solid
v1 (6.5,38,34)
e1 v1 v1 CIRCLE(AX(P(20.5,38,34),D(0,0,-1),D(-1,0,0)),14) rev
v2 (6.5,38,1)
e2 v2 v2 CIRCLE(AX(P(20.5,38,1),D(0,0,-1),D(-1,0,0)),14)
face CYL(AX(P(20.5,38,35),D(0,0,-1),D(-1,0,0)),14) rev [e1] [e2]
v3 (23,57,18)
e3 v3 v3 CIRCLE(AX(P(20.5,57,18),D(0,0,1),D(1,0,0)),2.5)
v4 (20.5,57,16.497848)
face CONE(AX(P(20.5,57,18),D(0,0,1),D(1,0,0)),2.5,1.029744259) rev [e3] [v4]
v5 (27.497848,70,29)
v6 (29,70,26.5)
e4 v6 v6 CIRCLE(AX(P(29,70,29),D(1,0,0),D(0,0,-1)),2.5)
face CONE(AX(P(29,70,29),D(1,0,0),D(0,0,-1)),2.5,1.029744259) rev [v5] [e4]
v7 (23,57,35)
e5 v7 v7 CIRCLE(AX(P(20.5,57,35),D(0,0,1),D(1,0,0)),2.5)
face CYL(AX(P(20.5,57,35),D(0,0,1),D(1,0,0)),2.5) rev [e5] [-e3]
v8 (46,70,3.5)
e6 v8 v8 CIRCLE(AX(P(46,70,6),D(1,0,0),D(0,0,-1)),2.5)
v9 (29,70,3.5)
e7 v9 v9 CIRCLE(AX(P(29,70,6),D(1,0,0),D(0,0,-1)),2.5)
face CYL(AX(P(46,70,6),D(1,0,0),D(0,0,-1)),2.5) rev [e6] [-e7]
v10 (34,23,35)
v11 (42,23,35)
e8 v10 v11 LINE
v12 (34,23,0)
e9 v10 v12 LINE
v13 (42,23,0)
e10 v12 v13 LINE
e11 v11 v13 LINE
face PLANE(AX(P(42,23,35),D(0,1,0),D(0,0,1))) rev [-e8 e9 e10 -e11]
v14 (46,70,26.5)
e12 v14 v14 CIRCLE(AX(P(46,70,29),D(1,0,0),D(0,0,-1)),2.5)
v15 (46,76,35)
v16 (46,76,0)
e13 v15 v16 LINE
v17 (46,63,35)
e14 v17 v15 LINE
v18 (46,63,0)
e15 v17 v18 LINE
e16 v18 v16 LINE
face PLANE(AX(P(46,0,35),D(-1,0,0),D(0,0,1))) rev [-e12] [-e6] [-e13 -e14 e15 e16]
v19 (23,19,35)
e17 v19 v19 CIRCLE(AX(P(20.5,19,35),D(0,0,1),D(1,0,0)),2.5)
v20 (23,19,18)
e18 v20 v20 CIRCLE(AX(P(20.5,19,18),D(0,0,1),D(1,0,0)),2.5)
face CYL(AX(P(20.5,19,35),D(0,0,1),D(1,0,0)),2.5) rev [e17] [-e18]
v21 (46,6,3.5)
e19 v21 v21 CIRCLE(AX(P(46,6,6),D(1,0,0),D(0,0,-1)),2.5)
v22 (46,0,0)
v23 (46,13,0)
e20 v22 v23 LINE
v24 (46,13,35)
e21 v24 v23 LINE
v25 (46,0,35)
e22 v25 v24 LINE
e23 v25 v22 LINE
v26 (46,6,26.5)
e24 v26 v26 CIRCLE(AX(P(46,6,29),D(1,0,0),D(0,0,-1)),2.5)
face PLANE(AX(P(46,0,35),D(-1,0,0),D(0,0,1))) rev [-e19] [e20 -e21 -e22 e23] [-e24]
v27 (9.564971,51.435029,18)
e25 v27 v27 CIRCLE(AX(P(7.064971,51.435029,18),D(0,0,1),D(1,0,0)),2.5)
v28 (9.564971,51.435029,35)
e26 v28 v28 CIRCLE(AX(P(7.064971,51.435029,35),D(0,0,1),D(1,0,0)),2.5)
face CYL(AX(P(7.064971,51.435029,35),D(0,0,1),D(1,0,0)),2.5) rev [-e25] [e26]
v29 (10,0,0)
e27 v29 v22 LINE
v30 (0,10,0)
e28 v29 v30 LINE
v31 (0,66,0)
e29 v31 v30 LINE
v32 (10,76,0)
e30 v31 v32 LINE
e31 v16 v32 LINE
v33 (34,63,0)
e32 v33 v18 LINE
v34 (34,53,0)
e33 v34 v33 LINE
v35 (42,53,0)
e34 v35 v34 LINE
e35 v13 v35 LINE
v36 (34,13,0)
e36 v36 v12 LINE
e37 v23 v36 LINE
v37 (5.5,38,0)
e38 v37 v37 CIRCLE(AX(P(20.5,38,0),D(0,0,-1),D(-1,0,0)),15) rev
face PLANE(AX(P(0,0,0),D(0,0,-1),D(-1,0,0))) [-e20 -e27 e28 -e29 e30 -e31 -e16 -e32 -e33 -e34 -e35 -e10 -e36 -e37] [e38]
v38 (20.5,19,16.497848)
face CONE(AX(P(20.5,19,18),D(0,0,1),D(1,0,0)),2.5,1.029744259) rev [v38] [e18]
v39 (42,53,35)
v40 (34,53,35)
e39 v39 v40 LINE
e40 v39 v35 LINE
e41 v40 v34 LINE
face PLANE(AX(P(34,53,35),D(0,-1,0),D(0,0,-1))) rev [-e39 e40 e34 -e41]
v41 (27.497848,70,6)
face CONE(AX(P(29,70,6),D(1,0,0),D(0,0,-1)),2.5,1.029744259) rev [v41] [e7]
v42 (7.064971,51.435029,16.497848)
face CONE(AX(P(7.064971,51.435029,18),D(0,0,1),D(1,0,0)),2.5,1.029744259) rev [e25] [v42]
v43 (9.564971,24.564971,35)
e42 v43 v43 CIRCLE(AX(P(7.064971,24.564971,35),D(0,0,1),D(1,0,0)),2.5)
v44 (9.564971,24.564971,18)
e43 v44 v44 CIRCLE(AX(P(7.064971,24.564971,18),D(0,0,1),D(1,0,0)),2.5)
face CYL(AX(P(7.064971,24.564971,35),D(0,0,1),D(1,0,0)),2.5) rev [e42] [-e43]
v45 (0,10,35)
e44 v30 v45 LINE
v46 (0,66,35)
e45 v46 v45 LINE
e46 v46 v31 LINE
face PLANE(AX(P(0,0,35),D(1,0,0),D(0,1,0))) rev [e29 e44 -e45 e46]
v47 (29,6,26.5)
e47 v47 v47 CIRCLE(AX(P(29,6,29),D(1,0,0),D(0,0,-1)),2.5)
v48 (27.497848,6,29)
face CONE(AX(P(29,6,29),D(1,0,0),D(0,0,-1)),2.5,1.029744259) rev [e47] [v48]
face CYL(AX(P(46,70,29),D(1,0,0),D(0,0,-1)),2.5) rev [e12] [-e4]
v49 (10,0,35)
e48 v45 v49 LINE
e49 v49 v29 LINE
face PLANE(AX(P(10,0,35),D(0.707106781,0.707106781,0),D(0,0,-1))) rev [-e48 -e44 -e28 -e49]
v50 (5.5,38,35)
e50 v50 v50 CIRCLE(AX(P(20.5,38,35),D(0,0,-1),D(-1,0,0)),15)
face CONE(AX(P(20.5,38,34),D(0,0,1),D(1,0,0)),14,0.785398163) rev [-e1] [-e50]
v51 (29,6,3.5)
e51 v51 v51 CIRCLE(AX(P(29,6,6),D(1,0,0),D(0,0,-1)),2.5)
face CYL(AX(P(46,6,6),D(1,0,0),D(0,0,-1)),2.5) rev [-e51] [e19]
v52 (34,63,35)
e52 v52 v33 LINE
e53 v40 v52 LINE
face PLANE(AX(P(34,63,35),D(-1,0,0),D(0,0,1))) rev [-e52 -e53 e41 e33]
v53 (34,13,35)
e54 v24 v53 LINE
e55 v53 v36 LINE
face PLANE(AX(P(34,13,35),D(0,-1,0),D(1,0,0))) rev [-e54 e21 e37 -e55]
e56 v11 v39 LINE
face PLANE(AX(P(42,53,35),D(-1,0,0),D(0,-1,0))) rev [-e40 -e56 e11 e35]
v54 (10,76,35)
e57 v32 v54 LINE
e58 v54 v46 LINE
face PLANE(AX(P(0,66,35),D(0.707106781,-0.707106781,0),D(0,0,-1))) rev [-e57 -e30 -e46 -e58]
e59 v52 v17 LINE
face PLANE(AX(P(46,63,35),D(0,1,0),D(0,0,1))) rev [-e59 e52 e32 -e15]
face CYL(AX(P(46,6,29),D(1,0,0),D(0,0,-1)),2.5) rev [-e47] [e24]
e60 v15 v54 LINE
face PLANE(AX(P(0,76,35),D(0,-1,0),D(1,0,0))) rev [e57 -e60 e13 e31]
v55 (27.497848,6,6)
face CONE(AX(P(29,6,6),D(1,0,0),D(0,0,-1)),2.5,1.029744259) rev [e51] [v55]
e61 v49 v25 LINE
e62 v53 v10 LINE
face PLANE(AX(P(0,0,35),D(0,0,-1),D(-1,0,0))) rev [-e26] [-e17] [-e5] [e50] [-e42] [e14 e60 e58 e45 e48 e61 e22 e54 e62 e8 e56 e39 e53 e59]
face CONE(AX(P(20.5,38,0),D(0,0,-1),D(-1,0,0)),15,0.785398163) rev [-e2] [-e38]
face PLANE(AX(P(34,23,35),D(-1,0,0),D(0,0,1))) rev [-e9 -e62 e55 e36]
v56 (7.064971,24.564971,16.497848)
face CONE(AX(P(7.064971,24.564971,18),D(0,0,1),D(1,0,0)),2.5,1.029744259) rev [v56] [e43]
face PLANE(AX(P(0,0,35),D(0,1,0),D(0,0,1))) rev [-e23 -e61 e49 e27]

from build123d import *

# Parameters (mm, degrees)
SZKIC1_W                       = 46
SZKIC1_H                       = 76
SZKIC1_R                       = 14
DODANIE_WYCI_GNI_CIE1_DEPTH    = 35
SFAZOWANIE1_SIZE               = 1
OTW_R_GWINTOWANY_M6X1_01_D     = 5
OTW_R_GWINTOWANY_M6X1_01_DEPTH = 17
OTW_R_GWINTOWANY_M6X1_01_TIP   = 1.502151548
OTW_R_GWINTOWANY_M6X1_03_D     = 5
OTW_R_GWINTOWANY_M6X1_03_DEPTH = 17
OTW_R_GWINTOWANY_M6X1_03_TIP   = 1.502151548
SFAZOWANIE2_SIZE               = 10
WYTNIJ_WYCI_GNI_CIE1_DEPTH     = 96.482982777


with BuildPart() as part:
    # Szkic1 → Dodanie-wyciągnięcie1 (new body)
    with BuildSketch(Plane.XY):
        with Locations((23, 38)):
            Rectangle(SZKIC1_W, SZKIC1_H)
        with Locations((20.5, 38)):
            Circle(SZKIC1_R, mode=Mode.SUBTRACT)
    extrude(amount=DODANIE_WYCI_GNI_CIE1_DEPTH)

    # Sfazowanie1
    sfazowanie1_edges = [part.edges().sort_by_distance(p)[0] for p in [
        (6.5, 38, 0),
        (6.5, 38, 35),
    ]]
    chamfer(sfazowanie1_edges, length=SFAZOWANIE1_SIZE)

    # Otwór gwintowany M6x1.01
    with Locations(Plane.XY.offset(35)):
        with Locations((20.5, 57), (7.064971157, 51.435028843), (7.064971157, 24.564971157), (20.5, 19)):
            Hole(OTW_R_GWINTOWANY_M6X1_01_D / 2, depth=OTW_R_GWINTOWANY_M6X1_01_DEPTH)
            with Locations((0, 0, -(OTW_R_GWINTOWANY_M6X1_01_DEPTH + OTW_R_GWINTOWANY_M6X1_01_TIP / 2))):  # 118° drill point
                Cone(0, OTW_R_GWINTOWANY_M6X1_01_D / 2, OTW_R_GWINTOWANY_M6X1_01_TIP, mode=Mode.SUBTRACT)

    # Otwór gwintowany M6x1.03
    with Locations(Plane(origin=(46, 0, 0), x_dir=(0, 0, -1), z_dir=(1, 0, 0))):
        with Locations((-29, 70), (-6, 70), (-6, 6), (-29, 6)):
            Hole(OTW_R_GWINTOWANY_M6X1_03_D / 2, depth=OTW_R_GWINTOWANY_M6X1_03_DEPTH)
            with Locations((0, 0, -(OTW_R_GWINTOWANY_M6X1_03_DEPTH + OTW_R_GWINTOWANY_M6X1_03_TIP / 2))):  # 118° drill point
                Cone(0, OTW_R_GWINTOWANY_M6X1_03_D / 2, OTW_R_GWINTOWANY_M6X1_03_TIP, mode=Mode.SUBTRACT)

    # Sfazowanie2
    sfazowanie2_edges = [part.edges().sort_by_distance(p)[0] for p in [
        (0, 76, 17.5),
        (0, 0, 17.5),
    ]]
    chamfer(sfazowanie2_edges, length=SFAZOWANIE2_SIZE)

    # Szkic10 → Wytnij-wyciągnięcie1 (cut, through all)
    with BuildSketch(Plane(origin=(0, 0, 0), x_dir=(-1, 0, 0), z_dir=(0, 0, -1))):
        Polygon((-46, 13), (-46, 63), (-34, 63), (-34, 53), (-42, 53), (-42, 23), (-34, 23), (-34, 13), align=None)
    extrude(amount=-WYTNIJ_WYCI_GNI_CIE1_DEPTH, mode=Mode.SUBTRACT)


solid = part.part
